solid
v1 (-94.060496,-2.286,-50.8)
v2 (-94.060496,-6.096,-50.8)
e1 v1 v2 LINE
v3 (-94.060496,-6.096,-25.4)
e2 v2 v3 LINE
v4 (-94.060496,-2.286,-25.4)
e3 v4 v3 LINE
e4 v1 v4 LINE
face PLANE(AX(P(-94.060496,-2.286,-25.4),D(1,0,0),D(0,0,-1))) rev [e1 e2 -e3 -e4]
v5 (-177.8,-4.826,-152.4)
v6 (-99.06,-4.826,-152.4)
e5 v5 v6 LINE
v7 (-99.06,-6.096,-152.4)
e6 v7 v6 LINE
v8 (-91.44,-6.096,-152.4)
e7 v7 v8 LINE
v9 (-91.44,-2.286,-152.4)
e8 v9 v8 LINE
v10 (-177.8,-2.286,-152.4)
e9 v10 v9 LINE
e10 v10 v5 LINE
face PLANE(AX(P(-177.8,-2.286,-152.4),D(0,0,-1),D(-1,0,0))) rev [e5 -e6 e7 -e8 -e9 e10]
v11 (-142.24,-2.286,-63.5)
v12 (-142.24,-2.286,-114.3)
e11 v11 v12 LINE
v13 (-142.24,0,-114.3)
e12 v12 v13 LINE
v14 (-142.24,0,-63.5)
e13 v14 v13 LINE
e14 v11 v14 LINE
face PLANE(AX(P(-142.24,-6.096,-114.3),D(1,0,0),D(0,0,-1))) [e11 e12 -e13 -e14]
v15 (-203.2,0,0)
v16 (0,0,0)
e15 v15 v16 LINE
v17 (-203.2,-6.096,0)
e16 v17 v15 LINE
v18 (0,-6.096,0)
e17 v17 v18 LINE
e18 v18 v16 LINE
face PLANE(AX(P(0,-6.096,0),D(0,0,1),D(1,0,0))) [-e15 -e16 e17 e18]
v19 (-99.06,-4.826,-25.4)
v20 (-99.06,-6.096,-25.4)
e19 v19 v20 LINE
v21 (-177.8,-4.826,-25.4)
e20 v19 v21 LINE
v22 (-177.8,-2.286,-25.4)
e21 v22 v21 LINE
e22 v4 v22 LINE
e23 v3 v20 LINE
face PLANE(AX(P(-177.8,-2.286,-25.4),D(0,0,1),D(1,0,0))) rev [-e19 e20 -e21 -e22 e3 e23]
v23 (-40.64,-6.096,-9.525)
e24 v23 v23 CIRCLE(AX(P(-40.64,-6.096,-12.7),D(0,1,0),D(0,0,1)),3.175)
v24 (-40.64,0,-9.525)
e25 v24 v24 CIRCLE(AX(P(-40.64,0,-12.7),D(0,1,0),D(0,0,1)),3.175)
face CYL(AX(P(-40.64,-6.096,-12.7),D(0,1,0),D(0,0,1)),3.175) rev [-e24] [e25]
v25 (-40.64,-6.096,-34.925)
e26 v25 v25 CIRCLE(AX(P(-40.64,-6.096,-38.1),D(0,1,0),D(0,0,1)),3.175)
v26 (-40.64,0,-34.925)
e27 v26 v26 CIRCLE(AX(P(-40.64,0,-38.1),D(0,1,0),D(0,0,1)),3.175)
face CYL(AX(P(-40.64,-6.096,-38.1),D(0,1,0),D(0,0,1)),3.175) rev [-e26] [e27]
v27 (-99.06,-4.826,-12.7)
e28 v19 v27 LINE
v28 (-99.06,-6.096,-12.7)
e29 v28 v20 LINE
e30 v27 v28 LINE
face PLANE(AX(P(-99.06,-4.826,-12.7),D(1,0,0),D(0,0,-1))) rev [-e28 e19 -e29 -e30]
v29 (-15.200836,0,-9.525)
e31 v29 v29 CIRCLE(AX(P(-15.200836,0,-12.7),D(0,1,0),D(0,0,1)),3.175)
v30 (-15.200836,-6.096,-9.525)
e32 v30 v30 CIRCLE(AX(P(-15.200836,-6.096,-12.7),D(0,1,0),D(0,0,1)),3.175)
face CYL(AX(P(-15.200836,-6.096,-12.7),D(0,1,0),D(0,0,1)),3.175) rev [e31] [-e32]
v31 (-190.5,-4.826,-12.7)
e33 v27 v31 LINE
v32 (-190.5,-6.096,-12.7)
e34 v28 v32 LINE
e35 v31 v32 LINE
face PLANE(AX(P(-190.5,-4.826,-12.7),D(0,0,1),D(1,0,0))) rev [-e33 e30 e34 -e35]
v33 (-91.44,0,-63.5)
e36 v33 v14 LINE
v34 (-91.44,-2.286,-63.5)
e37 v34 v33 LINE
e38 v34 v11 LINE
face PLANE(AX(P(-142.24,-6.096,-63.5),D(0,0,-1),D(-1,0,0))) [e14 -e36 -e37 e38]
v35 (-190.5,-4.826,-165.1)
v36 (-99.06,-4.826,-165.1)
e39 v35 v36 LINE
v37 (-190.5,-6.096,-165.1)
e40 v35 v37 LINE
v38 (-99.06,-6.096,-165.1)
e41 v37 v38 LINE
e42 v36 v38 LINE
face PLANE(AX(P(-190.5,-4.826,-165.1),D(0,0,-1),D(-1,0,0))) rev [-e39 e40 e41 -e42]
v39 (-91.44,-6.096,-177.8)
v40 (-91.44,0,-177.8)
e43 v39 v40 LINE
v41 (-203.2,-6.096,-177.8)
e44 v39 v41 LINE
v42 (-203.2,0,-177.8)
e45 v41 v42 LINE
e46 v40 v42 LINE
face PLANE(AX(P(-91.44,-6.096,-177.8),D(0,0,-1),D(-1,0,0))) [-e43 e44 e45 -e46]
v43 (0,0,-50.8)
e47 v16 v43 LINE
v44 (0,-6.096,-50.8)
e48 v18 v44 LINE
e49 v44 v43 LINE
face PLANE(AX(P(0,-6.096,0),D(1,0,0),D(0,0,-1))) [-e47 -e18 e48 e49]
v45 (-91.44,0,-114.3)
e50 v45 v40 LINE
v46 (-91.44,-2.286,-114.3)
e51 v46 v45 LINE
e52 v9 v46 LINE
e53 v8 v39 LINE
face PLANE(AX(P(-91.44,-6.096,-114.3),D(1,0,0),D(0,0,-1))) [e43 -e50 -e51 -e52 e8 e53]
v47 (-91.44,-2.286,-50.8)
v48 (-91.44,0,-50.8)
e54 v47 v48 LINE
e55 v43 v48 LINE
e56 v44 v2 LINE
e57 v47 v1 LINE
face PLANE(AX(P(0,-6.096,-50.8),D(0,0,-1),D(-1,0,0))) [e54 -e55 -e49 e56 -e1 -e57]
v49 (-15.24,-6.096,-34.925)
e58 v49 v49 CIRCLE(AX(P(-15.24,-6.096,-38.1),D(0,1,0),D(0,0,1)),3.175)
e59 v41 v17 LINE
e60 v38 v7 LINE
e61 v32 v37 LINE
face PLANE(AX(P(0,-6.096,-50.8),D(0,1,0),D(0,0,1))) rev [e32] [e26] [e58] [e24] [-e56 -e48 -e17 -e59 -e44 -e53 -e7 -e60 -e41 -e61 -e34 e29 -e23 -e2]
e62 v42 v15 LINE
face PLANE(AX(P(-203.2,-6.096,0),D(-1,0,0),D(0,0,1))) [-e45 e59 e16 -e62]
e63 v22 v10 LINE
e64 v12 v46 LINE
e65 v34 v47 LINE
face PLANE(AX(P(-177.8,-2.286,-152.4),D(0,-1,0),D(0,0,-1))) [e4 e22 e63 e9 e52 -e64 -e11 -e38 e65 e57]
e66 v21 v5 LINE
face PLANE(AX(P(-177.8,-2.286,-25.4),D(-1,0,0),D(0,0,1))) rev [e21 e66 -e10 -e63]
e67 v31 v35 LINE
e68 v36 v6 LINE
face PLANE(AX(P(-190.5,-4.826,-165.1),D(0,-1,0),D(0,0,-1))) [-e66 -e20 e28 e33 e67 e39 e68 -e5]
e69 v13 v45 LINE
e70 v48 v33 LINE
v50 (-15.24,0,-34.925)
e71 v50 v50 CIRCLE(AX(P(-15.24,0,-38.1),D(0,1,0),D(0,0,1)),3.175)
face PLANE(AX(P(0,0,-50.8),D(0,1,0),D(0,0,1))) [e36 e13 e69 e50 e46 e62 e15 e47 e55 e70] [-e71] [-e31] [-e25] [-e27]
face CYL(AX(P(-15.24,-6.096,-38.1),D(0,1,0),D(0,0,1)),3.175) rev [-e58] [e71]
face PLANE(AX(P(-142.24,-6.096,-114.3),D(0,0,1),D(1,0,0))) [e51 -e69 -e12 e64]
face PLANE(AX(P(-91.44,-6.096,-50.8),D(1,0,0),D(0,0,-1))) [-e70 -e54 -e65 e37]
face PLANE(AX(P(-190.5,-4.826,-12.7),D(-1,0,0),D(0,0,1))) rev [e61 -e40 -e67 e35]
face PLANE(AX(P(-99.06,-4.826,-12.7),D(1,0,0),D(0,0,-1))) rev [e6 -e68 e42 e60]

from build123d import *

# Parameters (mm, degrees)
SKETCH1_R           = 3.175
BOSS_EXTRUDE1_DEPTH = 6.096
SKETCH2_W           = 91.44
SKETCH2_H           = 152.4
CUT_EXTRUDE1_DEPTH  = 1.27
CUT_EXTRUDE2_DEPTH  = 3.81


with BuildPart() as part:
    # Sketch1 → Boss-Extrude1 (new body)
    with BuildSketch(Plane(origin=(0, 0, 0), x_dir=(1, 0, 0), z_dir=(0, 1, 0))):
        Polygon((0, 50.8), (-91.44, 50.8), (-91.44, 63.5), (-142.24, 63.5), (-142.24, 114.3), (-91.44, 114.3), (-91.44, 177.8), (-203.2, 177.8), (-203.2, 0), (0, 0), align=None)
        with Locations(Location((-15.24, 38.1, 0), (0, 0, 270))):  # turned: the seam where the file's is
            Circle(SKETCH1_R, mode=Mode.SUBTRACT)
        with Locations(Location((-40.64, 38.1, 0), (0, 0, 270))):  # turned: the seam where the file's is
            Circle(SKETCH1_R, mode=Mode.SUBTRACT)
        with Locations(Location((-40.64, 12.7, 0), (0, 0, 270))):  # turned: the seam where the file's is
            Circle(SKETCH1_R, mode=Mode.SUBTRACT)
        with Locations(Location((-15.200835983, 12.7, 0), (0, 0, 270))):  # turned: the seam where the file's is
            Circle(SKETCH1_R, mode=Mode.SUBTRACT)
    extrude(amount=-BOSS_EXTRUDE1_DEPTH)

    # Sketch2 → Cut-Extrude1 (cut)
    with BuildSketch(Plane.XZ.offset(6.096)):
        with Locations((-144.78, -88.9)):
            Rectangle(SKETCH2_W, SKETCH2_H)
    extrude(amount=-CUT_EXTRUDE1_DEPTH, mode=Mode.SUBTRACT)

    # Sketch3 → Cut-Extrude2 (cut)
    with BuildSketch(Plane.XZ.offset(6.096)):
        Polygon((-91.44, -50.8), (-94.060496217, -50.8), (-94.060496217, -25.4), (-177.8, -25.4), (-177.8, -152.4), (-91.44, -152.4), align=None)
    extrude(amount=-CUT_EXTRUDE2_DEPTH, mode=Mode.SUBTRACT)


solid = part.part
